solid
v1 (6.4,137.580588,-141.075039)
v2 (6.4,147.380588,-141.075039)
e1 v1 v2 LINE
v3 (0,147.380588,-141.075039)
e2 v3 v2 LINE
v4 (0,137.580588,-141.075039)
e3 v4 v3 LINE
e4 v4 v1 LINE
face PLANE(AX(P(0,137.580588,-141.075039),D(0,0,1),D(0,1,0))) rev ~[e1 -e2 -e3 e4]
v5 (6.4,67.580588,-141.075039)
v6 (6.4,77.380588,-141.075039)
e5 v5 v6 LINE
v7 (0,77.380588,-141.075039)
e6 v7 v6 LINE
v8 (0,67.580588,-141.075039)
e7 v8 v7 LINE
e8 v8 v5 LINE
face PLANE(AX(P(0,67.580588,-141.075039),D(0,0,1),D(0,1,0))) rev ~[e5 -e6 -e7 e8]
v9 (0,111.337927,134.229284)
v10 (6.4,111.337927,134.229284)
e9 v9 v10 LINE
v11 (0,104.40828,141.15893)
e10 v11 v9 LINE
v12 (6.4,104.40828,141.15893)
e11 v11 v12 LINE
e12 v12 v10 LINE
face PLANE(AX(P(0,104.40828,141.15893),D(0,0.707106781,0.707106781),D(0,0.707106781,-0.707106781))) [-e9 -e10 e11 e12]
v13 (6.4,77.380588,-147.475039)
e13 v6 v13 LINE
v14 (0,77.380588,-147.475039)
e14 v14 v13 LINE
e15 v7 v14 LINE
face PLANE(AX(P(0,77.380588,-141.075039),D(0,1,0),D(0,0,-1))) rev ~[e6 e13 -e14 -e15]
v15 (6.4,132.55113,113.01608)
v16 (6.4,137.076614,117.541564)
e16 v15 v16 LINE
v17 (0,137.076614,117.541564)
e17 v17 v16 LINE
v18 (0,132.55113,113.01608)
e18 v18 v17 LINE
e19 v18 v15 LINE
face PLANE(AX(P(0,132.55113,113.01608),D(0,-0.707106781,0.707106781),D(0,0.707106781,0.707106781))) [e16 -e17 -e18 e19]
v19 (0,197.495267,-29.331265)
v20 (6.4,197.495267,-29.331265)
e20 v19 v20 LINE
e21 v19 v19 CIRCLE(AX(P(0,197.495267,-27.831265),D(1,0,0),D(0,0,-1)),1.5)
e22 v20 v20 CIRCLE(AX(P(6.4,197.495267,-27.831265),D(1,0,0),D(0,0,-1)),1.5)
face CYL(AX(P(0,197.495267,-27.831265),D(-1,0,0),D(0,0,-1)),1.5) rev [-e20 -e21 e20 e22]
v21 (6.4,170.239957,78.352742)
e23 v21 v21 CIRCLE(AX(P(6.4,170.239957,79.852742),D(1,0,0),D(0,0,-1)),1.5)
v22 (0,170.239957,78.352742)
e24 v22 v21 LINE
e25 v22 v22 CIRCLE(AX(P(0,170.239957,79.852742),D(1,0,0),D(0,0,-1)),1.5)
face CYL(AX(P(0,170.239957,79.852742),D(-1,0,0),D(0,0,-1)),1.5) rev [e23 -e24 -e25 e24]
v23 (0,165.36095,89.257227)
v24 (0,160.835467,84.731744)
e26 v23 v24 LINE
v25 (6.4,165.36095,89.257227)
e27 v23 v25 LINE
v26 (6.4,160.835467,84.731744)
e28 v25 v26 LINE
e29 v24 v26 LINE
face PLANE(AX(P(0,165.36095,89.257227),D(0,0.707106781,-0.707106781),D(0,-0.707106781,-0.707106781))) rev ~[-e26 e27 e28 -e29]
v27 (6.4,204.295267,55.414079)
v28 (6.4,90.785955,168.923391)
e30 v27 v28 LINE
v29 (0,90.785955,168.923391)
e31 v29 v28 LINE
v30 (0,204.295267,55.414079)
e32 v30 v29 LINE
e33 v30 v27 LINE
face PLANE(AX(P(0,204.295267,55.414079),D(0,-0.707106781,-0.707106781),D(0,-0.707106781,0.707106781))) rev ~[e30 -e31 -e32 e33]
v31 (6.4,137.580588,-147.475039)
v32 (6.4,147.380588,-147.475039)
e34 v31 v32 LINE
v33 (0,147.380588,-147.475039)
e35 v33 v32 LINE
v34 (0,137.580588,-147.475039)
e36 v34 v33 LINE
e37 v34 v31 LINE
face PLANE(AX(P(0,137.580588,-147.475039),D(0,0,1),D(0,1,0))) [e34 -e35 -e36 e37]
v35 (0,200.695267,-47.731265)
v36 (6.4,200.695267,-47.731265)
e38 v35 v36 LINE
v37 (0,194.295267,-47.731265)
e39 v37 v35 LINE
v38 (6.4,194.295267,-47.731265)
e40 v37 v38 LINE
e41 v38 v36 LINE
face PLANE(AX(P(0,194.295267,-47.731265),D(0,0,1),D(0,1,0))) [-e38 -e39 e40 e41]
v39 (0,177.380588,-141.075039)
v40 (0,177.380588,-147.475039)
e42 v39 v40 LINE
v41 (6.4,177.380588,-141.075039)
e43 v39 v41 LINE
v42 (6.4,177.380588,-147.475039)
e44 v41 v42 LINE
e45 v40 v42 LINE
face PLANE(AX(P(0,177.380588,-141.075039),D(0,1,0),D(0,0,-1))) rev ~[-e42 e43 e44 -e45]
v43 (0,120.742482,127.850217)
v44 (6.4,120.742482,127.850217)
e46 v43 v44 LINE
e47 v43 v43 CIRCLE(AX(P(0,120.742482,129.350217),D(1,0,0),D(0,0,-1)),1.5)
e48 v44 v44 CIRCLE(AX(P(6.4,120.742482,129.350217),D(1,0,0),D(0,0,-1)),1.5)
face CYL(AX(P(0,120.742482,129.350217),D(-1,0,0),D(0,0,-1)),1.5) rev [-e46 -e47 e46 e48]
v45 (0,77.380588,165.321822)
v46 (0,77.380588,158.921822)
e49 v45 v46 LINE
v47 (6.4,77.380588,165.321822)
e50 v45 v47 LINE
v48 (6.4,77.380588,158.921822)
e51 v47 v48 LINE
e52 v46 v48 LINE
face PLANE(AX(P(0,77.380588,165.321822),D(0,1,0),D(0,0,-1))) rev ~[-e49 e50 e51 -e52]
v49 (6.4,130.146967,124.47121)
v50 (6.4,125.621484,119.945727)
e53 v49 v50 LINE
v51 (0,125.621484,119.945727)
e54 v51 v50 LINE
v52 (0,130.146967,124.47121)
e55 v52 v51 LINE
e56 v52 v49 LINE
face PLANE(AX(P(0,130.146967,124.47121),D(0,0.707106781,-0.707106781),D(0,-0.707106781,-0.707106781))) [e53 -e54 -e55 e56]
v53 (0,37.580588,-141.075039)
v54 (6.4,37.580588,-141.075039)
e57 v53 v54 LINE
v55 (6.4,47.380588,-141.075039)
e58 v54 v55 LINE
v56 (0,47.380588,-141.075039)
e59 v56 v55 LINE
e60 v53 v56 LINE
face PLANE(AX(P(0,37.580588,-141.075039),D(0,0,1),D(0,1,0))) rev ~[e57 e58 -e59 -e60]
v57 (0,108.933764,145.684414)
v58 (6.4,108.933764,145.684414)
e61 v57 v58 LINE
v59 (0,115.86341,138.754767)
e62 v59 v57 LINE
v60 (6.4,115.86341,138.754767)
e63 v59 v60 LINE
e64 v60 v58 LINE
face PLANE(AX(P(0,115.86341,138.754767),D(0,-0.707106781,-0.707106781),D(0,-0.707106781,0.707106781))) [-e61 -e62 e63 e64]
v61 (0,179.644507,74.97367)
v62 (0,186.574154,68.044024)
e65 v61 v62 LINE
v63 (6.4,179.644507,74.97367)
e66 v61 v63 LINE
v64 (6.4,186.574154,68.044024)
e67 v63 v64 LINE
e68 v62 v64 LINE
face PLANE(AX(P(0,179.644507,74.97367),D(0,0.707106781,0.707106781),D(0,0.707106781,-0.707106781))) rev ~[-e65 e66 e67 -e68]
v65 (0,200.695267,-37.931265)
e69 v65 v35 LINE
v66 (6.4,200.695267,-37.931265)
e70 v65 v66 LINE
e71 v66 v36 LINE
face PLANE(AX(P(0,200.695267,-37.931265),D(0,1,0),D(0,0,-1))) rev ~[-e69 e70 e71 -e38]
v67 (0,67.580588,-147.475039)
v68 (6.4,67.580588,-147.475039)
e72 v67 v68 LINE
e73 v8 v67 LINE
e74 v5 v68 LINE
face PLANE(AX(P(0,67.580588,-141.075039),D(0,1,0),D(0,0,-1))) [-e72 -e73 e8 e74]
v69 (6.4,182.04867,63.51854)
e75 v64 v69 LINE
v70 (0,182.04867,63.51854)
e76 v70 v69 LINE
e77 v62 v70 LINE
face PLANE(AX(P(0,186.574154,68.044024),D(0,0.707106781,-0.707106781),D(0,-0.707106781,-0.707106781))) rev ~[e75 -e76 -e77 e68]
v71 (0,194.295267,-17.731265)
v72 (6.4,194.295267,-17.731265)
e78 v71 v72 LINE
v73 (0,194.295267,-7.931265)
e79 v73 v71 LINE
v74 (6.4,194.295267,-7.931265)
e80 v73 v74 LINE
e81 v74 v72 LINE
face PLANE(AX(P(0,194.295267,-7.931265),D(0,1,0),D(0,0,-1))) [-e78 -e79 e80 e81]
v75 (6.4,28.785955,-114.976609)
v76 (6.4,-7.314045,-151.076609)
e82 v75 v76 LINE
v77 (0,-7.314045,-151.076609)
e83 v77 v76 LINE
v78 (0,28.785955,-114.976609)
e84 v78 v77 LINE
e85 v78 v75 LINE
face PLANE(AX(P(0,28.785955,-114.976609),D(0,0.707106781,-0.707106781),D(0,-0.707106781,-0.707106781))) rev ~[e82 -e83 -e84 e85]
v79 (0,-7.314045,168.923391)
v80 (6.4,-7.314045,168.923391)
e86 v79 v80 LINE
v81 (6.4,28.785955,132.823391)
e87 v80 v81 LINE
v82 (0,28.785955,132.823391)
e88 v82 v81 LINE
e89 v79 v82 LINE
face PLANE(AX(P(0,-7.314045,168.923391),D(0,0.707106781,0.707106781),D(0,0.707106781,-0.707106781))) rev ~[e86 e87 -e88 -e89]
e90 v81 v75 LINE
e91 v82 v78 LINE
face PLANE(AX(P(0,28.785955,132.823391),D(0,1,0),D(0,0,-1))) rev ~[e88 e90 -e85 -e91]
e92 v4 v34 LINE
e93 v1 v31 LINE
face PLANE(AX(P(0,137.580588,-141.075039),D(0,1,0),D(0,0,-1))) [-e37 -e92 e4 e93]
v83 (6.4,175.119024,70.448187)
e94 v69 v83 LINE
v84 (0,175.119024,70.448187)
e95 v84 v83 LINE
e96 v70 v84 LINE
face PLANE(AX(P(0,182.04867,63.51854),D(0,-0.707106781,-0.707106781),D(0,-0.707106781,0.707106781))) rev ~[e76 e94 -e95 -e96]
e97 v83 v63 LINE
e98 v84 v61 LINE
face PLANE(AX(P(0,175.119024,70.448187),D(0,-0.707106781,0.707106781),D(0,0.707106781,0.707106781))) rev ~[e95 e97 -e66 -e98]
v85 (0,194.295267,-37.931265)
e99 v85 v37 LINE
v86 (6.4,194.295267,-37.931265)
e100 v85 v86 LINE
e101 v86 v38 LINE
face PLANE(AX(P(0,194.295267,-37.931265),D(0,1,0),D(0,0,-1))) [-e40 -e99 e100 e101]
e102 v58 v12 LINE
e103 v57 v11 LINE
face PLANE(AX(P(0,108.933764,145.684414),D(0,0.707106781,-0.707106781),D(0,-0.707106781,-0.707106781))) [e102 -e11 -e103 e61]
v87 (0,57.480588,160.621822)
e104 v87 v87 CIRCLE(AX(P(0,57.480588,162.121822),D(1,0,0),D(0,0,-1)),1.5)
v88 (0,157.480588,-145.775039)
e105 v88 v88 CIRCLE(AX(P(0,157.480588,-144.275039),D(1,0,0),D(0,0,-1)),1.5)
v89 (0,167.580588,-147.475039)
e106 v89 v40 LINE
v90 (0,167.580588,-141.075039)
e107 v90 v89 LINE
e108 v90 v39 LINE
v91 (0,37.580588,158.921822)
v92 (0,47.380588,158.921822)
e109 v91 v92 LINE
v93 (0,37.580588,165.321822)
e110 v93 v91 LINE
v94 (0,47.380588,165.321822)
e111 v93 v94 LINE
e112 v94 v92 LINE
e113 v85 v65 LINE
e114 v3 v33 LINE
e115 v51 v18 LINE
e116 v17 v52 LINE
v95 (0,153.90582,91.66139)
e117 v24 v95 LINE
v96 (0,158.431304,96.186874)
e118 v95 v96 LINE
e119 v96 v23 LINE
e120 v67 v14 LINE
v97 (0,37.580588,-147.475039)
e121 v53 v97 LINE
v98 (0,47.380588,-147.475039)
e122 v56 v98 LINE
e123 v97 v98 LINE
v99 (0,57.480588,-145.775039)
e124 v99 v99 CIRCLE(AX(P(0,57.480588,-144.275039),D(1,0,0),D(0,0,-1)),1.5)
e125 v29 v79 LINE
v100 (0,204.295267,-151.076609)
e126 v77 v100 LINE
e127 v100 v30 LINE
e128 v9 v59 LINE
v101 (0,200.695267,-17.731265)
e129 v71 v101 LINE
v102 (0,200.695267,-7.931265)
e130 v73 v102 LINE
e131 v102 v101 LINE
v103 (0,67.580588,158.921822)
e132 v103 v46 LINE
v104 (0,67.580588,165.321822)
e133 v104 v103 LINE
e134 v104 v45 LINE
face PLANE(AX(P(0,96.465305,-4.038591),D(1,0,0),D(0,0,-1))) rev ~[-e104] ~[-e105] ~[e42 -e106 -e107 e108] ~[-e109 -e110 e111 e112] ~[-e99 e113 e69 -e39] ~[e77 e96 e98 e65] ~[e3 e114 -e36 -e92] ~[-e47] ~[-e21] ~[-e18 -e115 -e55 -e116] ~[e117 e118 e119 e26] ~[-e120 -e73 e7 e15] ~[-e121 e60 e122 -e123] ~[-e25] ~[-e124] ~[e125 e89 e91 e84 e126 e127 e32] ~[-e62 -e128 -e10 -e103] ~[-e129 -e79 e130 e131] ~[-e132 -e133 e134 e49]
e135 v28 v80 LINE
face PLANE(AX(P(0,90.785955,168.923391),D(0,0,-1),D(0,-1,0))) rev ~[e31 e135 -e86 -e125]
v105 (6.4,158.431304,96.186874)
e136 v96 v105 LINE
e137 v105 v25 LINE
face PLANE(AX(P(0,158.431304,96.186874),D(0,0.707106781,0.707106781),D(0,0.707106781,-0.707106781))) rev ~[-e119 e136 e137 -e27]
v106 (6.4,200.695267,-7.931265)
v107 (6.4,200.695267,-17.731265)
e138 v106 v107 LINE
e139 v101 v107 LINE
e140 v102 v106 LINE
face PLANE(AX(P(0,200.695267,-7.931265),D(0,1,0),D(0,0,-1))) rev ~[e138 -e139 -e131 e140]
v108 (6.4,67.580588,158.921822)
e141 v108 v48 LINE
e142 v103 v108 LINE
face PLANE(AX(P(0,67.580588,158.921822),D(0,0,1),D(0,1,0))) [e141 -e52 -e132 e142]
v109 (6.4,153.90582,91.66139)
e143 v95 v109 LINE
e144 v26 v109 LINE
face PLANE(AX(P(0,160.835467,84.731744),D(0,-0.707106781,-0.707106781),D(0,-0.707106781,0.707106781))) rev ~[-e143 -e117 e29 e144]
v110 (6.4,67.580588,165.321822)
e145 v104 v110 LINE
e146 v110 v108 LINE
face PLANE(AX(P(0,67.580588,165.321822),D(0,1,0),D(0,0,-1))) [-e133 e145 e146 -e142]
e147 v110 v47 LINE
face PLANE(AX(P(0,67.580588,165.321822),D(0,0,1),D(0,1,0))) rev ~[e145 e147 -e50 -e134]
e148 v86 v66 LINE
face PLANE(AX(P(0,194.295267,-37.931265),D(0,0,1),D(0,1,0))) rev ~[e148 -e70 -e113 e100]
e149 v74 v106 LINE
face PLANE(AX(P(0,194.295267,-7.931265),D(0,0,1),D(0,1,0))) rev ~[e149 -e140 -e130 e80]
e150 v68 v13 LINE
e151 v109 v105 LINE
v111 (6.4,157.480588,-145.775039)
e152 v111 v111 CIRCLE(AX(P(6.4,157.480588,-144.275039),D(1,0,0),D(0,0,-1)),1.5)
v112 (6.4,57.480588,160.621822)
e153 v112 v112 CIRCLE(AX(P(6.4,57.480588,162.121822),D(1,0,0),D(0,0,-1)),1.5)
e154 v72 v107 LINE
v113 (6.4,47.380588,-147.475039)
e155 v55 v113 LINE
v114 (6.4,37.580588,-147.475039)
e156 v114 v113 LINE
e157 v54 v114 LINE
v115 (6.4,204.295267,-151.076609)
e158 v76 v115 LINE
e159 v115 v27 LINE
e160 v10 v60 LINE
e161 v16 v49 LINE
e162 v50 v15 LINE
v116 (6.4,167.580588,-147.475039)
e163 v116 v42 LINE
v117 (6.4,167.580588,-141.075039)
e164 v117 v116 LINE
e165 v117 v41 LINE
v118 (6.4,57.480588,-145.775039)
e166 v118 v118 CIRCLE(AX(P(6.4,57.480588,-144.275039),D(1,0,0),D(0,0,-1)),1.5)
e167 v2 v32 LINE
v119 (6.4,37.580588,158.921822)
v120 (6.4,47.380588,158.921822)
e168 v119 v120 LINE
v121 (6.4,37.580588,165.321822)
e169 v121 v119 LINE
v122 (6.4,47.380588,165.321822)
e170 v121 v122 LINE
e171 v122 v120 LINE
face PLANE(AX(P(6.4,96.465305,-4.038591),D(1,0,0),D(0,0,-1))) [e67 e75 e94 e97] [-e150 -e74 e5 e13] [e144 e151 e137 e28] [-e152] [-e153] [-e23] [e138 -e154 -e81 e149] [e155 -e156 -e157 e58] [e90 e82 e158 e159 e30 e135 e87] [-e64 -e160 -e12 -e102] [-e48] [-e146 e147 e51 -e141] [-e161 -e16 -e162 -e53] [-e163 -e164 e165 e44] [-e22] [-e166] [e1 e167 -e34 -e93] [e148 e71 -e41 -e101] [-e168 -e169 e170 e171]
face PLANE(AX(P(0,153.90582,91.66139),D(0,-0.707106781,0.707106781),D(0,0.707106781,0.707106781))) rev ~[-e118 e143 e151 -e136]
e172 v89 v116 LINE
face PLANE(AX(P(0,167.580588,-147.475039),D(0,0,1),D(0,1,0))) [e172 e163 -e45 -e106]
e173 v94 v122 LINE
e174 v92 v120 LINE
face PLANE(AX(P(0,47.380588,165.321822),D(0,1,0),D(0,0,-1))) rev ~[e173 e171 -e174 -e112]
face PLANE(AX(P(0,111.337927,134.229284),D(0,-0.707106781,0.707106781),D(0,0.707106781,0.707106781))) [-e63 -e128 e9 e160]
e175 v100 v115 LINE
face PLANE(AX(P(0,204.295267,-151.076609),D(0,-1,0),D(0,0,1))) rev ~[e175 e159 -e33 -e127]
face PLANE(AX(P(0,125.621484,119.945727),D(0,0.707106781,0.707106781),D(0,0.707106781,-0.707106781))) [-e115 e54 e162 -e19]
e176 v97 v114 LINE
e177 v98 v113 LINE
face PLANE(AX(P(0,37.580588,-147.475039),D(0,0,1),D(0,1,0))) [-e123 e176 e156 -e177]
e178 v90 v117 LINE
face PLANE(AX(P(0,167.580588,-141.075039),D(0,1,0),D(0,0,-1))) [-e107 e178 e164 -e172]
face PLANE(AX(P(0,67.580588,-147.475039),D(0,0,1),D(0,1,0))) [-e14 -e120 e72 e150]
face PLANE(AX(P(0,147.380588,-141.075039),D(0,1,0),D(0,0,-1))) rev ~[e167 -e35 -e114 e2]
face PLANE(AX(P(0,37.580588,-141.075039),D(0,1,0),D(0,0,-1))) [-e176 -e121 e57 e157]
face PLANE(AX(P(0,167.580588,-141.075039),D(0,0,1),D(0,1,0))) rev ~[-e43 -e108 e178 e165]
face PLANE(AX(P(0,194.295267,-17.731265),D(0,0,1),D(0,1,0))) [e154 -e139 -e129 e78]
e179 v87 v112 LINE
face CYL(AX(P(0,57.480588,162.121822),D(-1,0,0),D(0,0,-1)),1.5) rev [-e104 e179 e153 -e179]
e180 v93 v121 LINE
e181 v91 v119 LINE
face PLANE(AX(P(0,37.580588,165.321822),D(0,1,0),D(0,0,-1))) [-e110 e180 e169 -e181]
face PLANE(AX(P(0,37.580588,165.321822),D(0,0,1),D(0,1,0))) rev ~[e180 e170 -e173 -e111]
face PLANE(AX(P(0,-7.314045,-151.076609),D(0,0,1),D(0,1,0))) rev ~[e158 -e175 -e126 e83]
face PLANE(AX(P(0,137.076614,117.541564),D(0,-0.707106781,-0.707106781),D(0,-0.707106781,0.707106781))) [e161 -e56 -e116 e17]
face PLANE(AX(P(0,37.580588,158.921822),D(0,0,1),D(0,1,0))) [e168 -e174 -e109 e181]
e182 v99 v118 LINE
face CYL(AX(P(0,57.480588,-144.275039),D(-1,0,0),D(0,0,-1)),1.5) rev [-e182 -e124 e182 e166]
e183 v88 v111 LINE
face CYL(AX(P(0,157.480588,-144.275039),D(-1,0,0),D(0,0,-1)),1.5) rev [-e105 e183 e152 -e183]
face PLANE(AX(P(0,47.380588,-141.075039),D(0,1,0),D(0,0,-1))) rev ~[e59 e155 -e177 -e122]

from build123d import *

# Parameters (mm, degrees)
SKETCH1_R           = 1.5
SKETCH1_W           = 6.4
SKETCH1_H           = 9.8
SKETCH1_W_2         = 9.8
SKETCH1_H_2         = 6.4
BOSS_EXTRUDE1_DEPTH = 6.4


with BuildPart() as part:
    # Sketch1 → Boss-Extrude1 (new body)
    with BuildSketch(Plane(origin=(0, 0, 0), x_dir=(0, 0, -1), z_dir=(1, 0, 0))):
        Polygon((-132.823391234, 28.785955079), (114.976608766, 28.785955079), (151.076608766, -7.314044921), (151.076608766, 204.295266909), (-55.414079404, 204.295266909), (-168.923391234, 90.785955079), (-168.923391234, -7.314044921), align=None)
        with Locations((144.275039161, 57.480587849)):
            Circle(SKETCH1_R, mode=Mode.SUBTRACT)
        with Locations((144.275039161, 157.480587849)):
            Circle(SKETCH1_R, mode=Mode.SUBTRACT)
        with Locations((27.831264681, 197.495266909)):
            Circle(SKETCH1_R, mode=Mode.SUBTRACT)
        with Locations((-79.85274236, 170.239957095)):
            Circle(SKETCH1_R, mode=Mode.SUBTRACT)
        with Locations((-129.350217044, 120.742482412)):
            Circle(SKETCH1_R, mode=Mode.SUBTRACT)
        with Locations((-162.121821629, 57.480587849)):
            Circle(SKETCH1_R, mode=Mode.SUBTRACT)
        with Locations((144.275039161, 142.480587849)):
            Rectangle(SKETCH1_W, SKETCH1_H, mode=Mode.SUBTRACT)
        with Locations((144.275039161, 172.480587849)):
            Rectangle(SKETCH1_W, SKETCH1_H, mode=Mode.SUBTRACT)
        with Locations((144.275039161, 72.480587849)):
            Rectangle(SKETCH1_W, SKETCH1_H, mode=Mode.SUBTRACT)
        with Locations((144.275039161, 42.480587849)):
            Rectangle(SKETCH1_W, SKETCH1_H, mode=Mode.SUBTRACT)
        with Locations((42.831264681, 197.495266909)):
            Rectangle(SKETCH1_W_2, SKETCH1_H_2, mode=Mode.SUBTRACT)
        with Locations((12.831264681, 197.495266909)):
            Rectangle(SKETCH1_W_2, SKETCH1_H_2, mode=Mode.SUBTRACT)
        Polygon((-68.044023742, 186.574153746), (-63.518540343, 182.048670346), (-70.448186798, 175.119023891), (-74.973670198, 179.64450729), align=None, mode=Mode.SUBTRACT)
        Polygon((-96.186873634, 158.431303855), (-89.257227178, 165.36095031), (-84.731743778, 160.835466911), (-91.661390234, 153.905820455), align=None, mode=Mode.SUBTRACT)
        Polygon((-113.016080404, 132.551130285), (-117.541563803, 137.076613685), (-124.471210259, 130.146967229), (-119.945726859, 125.62148383), align=None, mode=Mode.SUBTRACT)
        Polygon((-138.754767239, 115.863410249), (-145.684413695, 108.933763794), (-141.158930295, 104.408280394), (-134.229283839, 111.33792685), align=None, mode=Mode.SUBTRACT)
        with Locations((-162.121821629, 42.480587849)):
            Rectangle(SKETCH1_W, SKETCH1_H, mode=Mode.SUBTRACT)
        with Locations((-162.121821629, 72.480587849)):
            Rectangle(SKETCH1_W, SKETCH1_H, mode=Mode.SUBTRACT)
    extrude(amount=BOSS_EXTRUDE1_DEPTH)


solid = part.part
